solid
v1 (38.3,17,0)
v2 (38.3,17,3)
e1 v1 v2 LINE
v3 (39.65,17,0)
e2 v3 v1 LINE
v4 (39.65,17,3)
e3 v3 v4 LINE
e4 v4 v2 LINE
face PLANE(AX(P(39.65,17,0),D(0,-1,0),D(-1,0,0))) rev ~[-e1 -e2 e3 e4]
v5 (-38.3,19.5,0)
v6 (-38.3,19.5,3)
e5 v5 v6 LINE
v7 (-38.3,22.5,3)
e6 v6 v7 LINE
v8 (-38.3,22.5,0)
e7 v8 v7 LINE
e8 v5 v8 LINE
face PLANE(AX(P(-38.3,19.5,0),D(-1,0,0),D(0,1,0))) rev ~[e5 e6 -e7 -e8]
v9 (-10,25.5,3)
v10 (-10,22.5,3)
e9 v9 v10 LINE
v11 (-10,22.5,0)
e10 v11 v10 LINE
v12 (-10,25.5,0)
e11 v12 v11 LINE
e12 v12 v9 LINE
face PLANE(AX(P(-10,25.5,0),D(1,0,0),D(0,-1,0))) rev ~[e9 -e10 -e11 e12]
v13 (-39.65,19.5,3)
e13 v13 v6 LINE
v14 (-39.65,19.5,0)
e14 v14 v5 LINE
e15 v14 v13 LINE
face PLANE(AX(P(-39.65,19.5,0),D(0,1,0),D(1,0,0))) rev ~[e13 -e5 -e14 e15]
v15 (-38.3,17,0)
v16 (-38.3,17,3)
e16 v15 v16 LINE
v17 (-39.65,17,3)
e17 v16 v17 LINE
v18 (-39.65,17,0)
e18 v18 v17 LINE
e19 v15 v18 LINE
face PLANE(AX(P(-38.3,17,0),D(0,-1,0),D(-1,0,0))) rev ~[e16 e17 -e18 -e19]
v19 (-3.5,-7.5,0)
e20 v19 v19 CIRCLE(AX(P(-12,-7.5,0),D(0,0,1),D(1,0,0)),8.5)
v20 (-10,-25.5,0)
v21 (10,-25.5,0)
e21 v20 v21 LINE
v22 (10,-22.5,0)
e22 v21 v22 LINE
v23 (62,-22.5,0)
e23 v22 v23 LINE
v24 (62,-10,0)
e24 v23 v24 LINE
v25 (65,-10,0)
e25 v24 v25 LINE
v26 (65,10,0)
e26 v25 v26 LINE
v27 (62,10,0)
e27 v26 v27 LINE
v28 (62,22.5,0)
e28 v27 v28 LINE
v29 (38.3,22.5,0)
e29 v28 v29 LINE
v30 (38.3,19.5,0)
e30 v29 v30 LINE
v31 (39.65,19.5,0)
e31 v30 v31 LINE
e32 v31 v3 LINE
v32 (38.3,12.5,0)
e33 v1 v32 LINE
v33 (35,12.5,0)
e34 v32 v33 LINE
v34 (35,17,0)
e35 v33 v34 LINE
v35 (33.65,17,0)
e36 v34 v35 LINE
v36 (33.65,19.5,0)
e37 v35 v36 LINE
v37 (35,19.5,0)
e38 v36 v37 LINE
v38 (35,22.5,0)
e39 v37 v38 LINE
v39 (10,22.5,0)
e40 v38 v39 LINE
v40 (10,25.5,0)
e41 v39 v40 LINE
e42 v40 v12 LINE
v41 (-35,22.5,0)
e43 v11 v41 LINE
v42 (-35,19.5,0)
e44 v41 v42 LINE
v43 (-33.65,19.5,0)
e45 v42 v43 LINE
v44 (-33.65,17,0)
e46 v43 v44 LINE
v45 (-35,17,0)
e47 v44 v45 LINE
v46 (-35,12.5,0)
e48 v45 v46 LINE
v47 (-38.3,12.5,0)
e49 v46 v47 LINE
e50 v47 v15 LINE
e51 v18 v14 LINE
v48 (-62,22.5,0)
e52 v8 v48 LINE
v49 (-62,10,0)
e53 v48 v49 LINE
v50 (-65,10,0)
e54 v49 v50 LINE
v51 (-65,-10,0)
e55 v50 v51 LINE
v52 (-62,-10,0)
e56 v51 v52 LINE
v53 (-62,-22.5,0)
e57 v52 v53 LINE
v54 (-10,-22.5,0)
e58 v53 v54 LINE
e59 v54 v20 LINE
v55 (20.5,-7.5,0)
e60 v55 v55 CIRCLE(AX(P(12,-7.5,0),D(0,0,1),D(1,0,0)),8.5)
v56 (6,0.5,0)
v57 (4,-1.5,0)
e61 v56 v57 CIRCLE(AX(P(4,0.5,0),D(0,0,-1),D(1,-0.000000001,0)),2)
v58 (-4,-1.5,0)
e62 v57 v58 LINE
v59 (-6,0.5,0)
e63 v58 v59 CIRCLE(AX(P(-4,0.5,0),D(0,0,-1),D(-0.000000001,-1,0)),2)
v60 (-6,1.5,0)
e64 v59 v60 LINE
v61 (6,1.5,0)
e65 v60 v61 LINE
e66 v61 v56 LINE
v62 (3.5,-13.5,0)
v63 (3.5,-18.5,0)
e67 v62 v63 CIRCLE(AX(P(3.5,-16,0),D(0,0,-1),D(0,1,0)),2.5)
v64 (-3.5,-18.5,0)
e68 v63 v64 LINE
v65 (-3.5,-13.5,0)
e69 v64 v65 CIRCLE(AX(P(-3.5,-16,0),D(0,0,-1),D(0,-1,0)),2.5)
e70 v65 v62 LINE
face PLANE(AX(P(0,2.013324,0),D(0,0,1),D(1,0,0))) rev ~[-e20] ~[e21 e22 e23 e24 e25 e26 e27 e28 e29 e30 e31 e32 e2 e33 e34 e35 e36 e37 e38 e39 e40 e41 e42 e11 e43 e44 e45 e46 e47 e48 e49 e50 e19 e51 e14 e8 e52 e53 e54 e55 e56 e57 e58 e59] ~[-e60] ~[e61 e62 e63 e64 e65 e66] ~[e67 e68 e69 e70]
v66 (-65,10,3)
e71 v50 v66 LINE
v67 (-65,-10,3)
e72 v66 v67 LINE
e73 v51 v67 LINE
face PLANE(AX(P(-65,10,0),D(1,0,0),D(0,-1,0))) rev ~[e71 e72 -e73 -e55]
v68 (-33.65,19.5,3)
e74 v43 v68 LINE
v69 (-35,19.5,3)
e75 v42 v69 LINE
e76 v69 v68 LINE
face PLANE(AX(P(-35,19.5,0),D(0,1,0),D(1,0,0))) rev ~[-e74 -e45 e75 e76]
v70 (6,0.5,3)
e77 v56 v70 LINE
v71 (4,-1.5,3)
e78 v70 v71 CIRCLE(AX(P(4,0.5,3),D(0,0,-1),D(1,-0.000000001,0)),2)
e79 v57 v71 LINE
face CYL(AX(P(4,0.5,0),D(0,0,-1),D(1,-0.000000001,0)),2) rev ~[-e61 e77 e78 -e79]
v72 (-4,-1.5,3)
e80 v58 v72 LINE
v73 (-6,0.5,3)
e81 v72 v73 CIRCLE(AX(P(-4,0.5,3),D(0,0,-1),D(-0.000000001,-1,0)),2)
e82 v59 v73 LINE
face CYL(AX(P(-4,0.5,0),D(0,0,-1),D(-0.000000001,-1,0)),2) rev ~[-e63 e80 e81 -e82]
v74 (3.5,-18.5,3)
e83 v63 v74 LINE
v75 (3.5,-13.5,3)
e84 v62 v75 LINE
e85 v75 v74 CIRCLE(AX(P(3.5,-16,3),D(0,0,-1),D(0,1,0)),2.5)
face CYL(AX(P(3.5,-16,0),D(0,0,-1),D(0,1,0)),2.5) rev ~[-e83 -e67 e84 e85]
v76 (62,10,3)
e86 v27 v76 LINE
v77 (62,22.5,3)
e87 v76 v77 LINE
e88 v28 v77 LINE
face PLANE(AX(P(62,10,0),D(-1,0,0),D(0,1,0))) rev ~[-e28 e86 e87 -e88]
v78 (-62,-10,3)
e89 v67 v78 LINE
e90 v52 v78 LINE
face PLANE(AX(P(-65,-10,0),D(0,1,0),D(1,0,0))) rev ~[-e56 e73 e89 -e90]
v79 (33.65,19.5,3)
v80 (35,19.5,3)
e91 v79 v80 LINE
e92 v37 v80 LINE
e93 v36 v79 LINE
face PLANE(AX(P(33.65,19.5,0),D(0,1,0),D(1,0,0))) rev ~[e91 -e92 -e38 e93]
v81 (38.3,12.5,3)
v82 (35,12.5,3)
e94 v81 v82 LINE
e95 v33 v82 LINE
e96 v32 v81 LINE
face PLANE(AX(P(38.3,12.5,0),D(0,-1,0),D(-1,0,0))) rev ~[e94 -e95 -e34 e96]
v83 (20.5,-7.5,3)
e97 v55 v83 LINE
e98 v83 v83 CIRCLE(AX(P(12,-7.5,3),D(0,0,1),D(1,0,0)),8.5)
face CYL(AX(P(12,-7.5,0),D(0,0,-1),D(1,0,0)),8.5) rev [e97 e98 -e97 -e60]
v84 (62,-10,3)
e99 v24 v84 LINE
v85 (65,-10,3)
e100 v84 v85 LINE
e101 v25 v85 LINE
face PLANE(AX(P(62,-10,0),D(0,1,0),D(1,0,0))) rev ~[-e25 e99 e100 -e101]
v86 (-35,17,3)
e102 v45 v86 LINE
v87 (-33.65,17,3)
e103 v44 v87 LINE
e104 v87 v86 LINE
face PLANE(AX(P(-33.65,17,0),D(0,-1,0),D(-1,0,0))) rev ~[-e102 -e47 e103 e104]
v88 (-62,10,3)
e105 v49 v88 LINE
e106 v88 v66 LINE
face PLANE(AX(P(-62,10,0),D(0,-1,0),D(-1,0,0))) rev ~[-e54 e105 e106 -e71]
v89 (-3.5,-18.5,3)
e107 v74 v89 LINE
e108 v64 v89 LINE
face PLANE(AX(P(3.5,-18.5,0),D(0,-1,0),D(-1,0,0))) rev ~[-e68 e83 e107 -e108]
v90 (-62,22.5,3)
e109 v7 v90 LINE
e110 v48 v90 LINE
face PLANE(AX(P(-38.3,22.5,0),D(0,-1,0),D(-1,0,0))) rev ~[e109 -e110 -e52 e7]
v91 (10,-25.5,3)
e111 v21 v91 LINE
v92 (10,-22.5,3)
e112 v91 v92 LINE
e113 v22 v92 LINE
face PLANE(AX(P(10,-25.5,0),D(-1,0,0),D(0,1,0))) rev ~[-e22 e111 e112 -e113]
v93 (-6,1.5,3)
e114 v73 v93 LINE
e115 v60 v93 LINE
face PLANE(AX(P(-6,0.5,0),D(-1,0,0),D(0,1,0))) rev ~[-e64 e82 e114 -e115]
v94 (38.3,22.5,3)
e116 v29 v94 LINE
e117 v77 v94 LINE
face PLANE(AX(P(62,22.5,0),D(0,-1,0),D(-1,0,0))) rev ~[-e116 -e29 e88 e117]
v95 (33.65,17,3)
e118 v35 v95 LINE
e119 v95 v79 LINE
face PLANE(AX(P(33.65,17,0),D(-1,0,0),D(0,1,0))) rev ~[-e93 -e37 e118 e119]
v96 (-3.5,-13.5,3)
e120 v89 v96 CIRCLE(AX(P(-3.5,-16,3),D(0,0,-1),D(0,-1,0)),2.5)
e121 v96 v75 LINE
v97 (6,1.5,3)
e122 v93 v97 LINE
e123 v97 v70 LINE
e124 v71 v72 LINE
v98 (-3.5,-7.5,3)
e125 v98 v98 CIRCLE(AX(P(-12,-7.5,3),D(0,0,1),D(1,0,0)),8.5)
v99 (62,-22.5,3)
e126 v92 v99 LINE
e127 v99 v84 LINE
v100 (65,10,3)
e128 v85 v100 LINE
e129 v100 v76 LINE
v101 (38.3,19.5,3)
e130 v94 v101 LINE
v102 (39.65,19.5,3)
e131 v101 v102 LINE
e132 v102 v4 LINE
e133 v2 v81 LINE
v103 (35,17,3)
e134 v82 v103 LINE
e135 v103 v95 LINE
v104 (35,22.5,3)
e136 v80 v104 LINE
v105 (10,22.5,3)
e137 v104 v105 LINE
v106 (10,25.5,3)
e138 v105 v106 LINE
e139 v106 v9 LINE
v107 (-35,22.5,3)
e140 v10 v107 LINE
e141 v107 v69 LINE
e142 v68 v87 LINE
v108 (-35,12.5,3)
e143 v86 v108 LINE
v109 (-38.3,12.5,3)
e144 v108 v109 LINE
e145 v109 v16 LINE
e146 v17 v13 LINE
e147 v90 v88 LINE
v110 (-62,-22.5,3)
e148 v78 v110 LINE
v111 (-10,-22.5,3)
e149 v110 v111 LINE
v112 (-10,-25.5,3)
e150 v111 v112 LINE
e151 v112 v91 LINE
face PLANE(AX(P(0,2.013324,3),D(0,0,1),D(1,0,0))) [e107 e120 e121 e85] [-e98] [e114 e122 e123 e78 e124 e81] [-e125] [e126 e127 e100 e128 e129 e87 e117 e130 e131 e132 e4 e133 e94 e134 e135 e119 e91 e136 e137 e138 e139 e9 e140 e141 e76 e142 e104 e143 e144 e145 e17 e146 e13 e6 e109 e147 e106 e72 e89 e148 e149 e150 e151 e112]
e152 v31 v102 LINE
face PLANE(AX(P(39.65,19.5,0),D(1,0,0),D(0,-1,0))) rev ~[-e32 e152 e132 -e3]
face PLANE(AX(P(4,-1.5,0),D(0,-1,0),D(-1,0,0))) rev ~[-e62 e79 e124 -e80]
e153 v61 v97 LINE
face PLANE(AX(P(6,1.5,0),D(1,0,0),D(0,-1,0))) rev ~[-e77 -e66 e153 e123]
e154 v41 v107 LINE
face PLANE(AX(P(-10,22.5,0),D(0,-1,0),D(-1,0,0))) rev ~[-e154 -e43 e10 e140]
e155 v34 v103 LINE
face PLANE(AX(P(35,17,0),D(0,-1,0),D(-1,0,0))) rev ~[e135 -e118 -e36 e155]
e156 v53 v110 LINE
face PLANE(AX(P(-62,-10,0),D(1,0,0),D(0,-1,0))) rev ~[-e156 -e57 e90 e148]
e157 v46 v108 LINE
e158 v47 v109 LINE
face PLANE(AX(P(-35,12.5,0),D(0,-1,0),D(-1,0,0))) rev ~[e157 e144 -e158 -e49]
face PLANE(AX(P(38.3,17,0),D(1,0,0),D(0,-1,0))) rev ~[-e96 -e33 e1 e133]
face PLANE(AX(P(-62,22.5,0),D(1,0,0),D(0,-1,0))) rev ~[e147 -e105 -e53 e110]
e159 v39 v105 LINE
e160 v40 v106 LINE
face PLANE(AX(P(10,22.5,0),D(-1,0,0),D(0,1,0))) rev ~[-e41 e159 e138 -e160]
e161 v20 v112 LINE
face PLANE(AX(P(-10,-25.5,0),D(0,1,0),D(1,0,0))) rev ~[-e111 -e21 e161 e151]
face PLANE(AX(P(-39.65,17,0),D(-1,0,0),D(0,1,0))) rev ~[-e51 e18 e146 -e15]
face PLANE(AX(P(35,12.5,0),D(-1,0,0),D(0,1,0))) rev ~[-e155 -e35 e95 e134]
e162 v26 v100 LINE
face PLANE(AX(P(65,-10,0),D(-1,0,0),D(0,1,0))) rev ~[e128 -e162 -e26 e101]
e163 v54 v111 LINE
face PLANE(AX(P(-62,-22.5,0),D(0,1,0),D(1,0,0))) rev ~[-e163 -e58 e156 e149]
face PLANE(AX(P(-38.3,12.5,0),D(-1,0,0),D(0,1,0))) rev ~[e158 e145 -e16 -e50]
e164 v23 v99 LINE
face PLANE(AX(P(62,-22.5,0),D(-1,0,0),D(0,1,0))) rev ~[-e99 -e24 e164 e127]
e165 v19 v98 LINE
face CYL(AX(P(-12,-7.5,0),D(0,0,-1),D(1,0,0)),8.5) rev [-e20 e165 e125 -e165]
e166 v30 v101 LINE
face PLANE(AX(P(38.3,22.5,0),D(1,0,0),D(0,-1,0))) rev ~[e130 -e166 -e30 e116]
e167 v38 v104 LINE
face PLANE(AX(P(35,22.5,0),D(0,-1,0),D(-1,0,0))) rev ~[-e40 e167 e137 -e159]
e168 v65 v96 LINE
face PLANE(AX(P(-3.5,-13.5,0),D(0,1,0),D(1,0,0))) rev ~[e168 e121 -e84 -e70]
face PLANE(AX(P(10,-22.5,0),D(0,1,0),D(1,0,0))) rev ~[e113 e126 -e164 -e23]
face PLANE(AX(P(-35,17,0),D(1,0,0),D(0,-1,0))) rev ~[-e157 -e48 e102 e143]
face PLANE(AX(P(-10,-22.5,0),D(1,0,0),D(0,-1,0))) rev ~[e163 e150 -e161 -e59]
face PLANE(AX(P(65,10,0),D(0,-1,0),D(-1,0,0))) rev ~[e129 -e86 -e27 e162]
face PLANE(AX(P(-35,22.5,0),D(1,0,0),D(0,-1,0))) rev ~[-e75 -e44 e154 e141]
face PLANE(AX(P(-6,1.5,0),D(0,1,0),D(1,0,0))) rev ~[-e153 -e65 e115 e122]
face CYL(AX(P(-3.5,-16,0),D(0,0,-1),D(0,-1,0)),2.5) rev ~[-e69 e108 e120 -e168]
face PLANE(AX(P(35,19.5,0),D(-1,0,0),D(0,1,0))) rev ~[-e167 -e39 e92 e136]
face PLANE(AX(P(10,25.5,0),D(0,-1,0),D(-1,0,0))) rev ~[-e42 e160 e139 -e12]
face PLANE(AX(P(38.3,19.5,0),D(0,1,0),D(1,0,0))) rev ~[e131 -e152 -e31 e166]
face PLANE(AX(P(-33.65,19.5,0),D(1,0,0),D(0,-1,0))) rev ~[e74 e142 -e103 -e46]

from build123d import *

# Parameters (mm, degrees)
SKETCH1_R           = 8.5
BOSS_EXTRUDE1_DEPTH = 3


with BuildPart() as part:
    # Sketch1 → Boss-Extrude1 (new body)
    with BuildSketch(Plane.XY):
        Polygon((10, -22.5), (62, -22.5), (62, -10), (65, -10), (65, 10), (62, 10), (62, 22.5), (38.3, 22.5), (38.3, 19.5), (39.65, 19.5), (39.65, 17), (38.3, 17), (38.3, 12.5), (35, 12.5), (35, 17), (33.65, 17), (33.65, 19.5), (35, 19.5), (35, 22.5), (10, 22.5), (10, 25.5), (-10, 25.5), (-10, 22.5), (-35, 22.5), (-35, 19.5), (-33.65, 19.5), (-33.65, 17), (-35, 17), (-35, 12.5), (-38.3, 12.5), (-38.3, 17), (-39.65, 17), (-39.65, 19.5), (-38.3, 19.5), (-38.3, 22.5), (-62, 22.5), (-62, 10), (-65, 10), (-65, -10), (-62, -10), (-62, -22.5), (-10, -22.5), (-10, -25.5), (10, -25.5), align=None)
        with Locations((-12, -7.5)):
            Circle(SKETCH1_R, mode=Mode.SUBTRACT)
        with BuildLine():
            ThreePointArc((-3.5, -18.5), (-6, -16), (-3.5, -13.5))
            Line((-3.5, -13.5), (3.5, -13.5))
            ThreePointArc((3.5, -13.5), (6, -16), (3.5, -18.5))
            Line((3.5, -18.5), (-3.5, -18.5))
        make_face(mode=Mode.SUBTRACT)
        with Locations((12, -7.5)):
            Circle(SKETCH1_R, mode=Mode.SUBTRACT)
        with BuildLine():
            ThreePointArc((6, 0.5), (5.414213562, -0.914213562), (4, -1.5))
            Line((4, -1.5), (-4, -1.5))
            ThreePointArc((-4, -1.5), (-5.414213562, -0.914213562), (-6, 0.5))
            Line((-6, 0.5), (-6, 1.5))
            Line((-6, 1.5), (6, 1.5))
            Line((6, 1.5), (6, 0.5))
        make_face(mode=Mode.SUBTRACT)
    extrude(amount=BOSS_EXTRUDE1_DEPTH)


solid = part.part
